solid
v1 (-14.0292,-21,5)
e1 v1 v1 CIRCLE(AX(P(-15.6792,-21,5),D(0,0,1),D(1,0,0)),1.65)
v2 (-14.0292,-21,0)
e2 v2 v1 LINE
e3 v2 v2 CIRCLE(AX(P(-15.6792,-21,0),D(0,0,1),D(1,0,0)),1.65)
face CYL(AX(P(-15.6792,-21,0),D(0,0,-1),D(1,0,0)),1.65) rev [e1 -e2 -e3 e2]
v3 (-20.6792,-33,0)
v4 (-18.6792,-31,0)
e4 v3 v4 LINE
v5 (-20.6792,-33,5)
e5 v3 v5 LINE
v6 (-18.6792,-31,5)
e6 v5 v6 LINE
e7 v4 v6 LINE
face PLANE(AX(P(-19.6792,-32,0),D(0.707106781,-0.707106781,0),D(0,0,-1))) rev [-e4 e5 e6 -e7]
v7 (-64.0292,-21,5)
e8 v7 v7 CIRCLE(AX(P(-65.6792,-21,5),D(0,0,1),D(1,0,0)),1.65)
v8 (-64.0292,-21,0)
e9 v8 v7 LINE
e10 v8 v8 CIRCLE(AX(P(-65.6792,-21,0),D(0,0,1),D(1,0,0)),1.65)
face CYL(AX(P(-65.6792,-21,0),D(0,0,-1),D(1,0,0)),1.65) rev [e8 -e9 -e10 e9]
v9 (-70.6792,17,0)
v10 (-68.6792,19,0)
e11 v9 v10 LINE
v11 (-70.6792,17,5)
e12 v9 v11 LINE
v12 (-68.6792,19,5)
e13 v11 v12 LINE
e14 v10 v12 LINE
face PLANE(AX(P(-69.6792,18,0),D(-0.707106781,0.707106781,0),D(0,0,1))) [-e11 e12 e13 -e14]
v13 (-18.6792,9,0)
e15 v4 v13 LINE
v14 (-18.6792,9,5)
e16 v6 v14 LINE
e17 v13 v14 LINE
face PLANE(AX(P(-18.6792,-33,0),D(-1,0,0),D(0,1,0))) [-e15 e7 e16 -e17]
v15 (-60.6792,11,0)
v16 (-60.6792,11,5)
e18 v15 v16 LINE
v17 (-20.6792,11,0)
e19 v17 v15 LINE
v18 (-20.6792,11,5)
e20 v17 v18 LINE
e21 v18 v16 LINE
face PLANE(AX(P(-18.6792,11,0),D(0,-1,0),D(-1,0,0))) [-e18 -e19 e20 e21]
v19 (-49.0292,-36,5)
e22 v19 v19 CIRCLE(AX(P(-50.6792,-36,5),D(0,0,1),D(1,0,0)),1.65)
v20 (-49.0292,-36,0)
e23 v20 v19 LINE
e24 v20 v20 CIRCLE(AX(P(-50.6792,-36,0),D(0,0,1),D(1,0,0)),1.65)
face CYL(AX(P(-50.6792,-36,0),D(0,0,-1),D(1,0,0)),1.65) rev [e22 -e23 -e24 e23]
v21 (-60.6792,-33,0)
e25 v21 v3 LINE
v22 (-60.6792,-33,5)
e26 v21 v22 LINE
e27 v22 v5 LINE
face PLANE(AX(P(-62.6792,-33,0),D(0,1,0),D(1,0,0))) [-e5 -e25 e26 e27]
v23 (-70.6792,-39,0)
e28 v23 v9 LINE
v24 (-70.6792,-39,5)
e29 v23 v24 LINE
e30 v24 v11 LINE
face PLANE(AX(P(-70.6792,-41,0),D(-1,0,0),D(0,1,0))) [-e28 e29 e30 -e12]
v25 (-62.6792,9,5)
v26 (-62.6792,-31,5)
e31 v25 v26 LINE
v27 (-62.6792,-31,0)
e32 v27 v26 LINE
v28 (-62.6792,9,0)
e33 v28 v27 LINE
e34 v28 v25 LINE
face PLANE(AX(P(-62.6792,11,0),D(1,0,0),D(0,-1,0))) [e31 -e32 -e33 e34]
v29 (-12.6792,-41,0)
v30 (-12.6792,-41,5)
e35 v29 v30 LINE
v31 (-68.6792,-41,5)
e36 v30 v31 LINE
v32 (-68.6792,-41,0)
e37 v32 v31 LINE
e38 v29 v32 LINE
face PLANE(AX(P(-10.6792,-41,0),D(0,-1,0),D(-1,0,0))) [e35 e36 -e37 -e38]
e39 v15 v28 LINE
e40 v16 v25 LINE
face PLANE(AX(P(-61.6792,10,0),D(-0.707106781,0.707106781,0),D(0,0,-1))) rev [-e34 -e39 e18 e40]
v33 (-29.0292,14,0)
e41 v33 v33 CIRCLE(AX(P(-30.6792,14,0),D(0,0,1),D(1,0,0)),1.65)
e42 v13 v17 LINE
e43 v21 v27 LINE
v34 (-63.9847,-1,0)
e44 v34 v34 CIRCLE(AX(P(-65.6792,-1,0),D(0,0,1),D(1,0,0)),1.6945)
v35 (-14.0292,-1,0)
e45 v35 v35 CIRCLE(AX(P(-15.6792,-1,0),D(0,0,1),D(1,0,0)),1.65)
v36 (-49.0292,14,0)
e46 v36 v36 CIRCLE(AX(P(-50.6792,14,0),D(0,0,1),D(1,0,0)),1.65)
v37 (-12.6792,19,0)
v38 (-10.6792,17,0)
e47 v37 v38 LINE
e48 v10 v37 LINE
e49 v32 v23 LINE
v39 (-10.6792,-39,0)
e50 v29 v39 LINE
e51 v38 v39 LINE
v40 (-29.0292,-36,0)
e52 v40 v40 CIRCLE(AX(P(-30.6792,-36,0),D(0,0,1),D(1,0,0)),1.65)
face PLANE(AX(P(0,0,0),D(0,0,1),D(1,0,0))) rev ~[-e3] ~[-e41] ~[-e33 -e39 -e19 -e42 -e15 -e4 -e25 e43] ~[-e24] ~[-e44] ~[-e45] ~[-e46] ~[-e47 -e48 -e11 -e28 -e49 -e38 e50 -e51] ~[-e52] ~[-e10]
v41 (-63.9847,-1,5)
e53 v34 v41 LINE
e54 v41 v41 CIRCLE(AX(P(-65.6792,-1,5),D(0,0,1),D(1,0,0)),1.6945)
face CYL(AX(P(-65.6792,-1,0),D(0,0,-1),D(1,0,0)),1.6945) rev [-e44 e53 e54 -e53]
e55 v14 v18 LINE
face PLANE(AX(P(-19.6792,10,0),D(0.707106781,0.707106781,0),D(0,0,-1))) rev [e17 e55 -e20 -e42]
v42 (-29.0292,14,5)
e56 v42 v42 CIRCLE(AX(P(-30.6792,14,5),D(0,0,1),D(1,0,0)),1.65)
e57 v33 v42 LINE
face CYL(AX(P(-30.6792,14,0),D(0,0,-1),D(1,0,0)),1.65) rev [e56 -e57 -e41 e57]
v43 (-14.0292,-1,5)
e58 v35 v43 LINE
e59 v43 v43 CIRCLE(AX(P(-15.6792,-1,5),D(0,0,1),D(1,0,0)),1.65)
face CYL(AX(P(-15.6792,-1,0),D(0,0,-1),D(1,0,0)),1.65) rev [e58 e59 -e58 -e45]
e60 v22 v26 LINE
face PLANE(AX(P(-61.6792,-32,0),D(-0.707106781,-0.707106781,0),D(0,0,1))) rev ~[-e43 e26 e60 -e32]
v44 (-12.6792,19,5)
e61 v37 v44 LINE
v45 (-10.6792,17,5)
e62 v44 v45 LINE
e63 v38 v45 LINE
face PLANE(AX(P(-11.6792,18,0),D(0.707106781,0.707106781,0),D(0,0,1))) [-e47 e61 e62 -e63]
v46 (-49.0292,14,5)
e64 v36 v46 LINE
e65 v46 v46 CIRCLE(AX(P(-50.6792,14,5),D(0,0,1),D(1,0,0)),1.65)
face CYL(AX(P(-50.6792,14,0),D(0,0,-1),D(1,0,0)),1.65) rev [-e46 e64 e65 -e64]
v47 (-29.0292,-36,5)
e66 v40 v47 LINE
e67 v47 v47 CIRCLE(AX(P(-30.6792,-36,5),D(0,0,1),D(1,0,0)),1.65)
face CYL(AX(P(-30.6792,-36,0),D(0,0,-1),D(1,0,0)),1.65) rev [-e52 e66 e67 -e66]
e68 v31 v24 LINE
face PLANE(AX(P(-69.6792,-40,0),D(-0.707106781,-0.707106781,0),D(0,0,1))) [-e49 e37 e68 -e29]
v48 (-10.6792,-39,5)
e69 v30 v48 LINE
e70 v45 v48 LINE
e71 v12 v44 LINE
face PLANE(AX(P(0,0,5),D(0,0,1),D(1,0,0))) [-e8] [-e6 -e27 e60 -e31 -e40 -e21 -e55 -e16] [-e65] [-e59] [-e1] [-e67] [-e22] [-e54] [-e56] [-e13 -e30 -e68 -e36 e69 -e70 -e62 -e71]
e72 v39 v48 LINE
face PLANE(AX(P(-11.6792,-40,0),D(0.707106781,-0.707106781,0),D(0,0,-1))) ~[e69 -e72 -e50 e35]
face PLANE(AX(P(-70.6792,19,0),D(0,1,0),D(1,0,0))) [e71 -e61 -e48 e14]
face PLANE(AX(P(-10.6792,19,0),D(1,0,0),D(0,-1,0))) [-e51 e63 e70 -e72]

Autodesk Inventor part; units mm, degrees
ref_plane "YZ Plane" through (0, 0, 0) normal (1, 0, 0) x (0, 1, 0)
ref_plane "XZ Plane" through (0, 0, 0) normal (0, 1, 0) x (-1, 0, 0)
ref_plane "XY Plane" through (0, 0, 0) normal (0, 0, 1) x (1, 0, 0)
ref_plane "Work Plane1" through (0, 0, 0) normal (0, 0, 1) x (1, 0, 0)
sketch "Sketch1" plane through (0, 0, 0) normal (0, 0, 1) x (1, 0, 0)
  line L0 (-12.7208, -13) -> (-12.7208, -2.8703) construction
  arc A0 (-12.7208, 0.8703) -> (-12.7208, -2.8703) centre (-15.6792, -1) ccw construction
  line L1 (-12.7208, 0.8703) -> (-12.7208, 19) construction
  line L2 (-12.7208, 19) -> (-62.6792, 19) construction
  line L3 (-62.6792, 19) -> (-62.6792, -12) construction
  line L4 (-62.6792, -12) -> (-70.6792, -12) construction
  line L5 (-70.6792, -12) -> (-70.6792, -41) construction
  line L6 (-70.6792, -41) -> (-10.6792, -41) construction
  line L7 (-10.6792, -41) -> (-10.6792, -19) construction
  line L8 (-10.6792, -19) -> (12.2792, -19) construction
  line L9 (12.2792, -19) -> (12.2792, 19) construction
  line L10 (12.2792, 19) -> (-7.7208, 19) construction
  line L11 (-7.7208, 19) -> (-7.7208, -13) construction
  line L12 (-7.7208, -13) -> (-12.7208, -13) construction
  circle A1 centre (2.2792, 3) radius 0.5 construction
  circle A2 centre (-50.6792, 14) radius 3.5 construction
  circle A3 centre (-30.6792, -36) radius 3.5 construction
  circle A4 centre (-50.6792, -36) radius 3.5 construction
  circle A5 centre (-15.6792, -21) radius 3.5 construction
  circle A6 centre (-30.6792, 14) radius 3.5 construction
  circle A7 centre (-65.6792, -21) radius 3.5 construction
  line L13 (-10.6792, -41) -> (-70.6792, -41)
  line L14 (-70.6792, -41) -> (-70.6792, 19)
  line L15 (-70.6792, 19) -> (-10.6792, 19)
  line L16 (-10.6792, 19) -> (-10.6792, -41)
  line L17 (-62.6792, -33) -> (-18.6792, -33)
  line L18 (-18.6792, -33) -> (-18.6792, 11)
  line L19 (-18.6792, 11) -> (-62.6792, 11)
  line L20 (-62.6792, 11) -> (-62.6792, -33)
  circle A8 centre (-15.6792, -21) radius 1.45 projected
  circle A9 centre (-15.6792, -1) radius 1.65 projected
  circle A10 centre (-30.6792, 14) radius 1.65 projected
  circle A11 centre (-50.6792, 14) radius 1.65 projected
  circle A12 centre (-50.6792, -36) radius 1.65 projected
  circle A13 centre (-30.6792, -36) radius 1.65 projected
  circle A14 centre (-15.6792, -21) radius 1.65 projected
  circle A15 centre (-65.6792, -21) radius 1.65 projected
  circle A16 centre (-65.6792, -1) radius 1.6945
  point P0 (0, 0)
  dimension "d0" = 8
extrude "Extrusion1" add sketch "Sketch1" along normal blind 5 contours L13 L14 L15 L16
chamfer "Chamfer1" distance 2 angle 45 8 edges at (-10.6792, 19, 2.5) (-70.6792, 19, 2.5) (-10.6792, -41, 2.5) (-70.6792, -41, 2.5) (-18.6792, -33, 2.5) (-62.6792, -33, 2.5) (-18.6792, 11, 2.5) (-62.6792, 11, 2.5)
properties part number "cellSTORM_UC2_spacer_XYstage"
